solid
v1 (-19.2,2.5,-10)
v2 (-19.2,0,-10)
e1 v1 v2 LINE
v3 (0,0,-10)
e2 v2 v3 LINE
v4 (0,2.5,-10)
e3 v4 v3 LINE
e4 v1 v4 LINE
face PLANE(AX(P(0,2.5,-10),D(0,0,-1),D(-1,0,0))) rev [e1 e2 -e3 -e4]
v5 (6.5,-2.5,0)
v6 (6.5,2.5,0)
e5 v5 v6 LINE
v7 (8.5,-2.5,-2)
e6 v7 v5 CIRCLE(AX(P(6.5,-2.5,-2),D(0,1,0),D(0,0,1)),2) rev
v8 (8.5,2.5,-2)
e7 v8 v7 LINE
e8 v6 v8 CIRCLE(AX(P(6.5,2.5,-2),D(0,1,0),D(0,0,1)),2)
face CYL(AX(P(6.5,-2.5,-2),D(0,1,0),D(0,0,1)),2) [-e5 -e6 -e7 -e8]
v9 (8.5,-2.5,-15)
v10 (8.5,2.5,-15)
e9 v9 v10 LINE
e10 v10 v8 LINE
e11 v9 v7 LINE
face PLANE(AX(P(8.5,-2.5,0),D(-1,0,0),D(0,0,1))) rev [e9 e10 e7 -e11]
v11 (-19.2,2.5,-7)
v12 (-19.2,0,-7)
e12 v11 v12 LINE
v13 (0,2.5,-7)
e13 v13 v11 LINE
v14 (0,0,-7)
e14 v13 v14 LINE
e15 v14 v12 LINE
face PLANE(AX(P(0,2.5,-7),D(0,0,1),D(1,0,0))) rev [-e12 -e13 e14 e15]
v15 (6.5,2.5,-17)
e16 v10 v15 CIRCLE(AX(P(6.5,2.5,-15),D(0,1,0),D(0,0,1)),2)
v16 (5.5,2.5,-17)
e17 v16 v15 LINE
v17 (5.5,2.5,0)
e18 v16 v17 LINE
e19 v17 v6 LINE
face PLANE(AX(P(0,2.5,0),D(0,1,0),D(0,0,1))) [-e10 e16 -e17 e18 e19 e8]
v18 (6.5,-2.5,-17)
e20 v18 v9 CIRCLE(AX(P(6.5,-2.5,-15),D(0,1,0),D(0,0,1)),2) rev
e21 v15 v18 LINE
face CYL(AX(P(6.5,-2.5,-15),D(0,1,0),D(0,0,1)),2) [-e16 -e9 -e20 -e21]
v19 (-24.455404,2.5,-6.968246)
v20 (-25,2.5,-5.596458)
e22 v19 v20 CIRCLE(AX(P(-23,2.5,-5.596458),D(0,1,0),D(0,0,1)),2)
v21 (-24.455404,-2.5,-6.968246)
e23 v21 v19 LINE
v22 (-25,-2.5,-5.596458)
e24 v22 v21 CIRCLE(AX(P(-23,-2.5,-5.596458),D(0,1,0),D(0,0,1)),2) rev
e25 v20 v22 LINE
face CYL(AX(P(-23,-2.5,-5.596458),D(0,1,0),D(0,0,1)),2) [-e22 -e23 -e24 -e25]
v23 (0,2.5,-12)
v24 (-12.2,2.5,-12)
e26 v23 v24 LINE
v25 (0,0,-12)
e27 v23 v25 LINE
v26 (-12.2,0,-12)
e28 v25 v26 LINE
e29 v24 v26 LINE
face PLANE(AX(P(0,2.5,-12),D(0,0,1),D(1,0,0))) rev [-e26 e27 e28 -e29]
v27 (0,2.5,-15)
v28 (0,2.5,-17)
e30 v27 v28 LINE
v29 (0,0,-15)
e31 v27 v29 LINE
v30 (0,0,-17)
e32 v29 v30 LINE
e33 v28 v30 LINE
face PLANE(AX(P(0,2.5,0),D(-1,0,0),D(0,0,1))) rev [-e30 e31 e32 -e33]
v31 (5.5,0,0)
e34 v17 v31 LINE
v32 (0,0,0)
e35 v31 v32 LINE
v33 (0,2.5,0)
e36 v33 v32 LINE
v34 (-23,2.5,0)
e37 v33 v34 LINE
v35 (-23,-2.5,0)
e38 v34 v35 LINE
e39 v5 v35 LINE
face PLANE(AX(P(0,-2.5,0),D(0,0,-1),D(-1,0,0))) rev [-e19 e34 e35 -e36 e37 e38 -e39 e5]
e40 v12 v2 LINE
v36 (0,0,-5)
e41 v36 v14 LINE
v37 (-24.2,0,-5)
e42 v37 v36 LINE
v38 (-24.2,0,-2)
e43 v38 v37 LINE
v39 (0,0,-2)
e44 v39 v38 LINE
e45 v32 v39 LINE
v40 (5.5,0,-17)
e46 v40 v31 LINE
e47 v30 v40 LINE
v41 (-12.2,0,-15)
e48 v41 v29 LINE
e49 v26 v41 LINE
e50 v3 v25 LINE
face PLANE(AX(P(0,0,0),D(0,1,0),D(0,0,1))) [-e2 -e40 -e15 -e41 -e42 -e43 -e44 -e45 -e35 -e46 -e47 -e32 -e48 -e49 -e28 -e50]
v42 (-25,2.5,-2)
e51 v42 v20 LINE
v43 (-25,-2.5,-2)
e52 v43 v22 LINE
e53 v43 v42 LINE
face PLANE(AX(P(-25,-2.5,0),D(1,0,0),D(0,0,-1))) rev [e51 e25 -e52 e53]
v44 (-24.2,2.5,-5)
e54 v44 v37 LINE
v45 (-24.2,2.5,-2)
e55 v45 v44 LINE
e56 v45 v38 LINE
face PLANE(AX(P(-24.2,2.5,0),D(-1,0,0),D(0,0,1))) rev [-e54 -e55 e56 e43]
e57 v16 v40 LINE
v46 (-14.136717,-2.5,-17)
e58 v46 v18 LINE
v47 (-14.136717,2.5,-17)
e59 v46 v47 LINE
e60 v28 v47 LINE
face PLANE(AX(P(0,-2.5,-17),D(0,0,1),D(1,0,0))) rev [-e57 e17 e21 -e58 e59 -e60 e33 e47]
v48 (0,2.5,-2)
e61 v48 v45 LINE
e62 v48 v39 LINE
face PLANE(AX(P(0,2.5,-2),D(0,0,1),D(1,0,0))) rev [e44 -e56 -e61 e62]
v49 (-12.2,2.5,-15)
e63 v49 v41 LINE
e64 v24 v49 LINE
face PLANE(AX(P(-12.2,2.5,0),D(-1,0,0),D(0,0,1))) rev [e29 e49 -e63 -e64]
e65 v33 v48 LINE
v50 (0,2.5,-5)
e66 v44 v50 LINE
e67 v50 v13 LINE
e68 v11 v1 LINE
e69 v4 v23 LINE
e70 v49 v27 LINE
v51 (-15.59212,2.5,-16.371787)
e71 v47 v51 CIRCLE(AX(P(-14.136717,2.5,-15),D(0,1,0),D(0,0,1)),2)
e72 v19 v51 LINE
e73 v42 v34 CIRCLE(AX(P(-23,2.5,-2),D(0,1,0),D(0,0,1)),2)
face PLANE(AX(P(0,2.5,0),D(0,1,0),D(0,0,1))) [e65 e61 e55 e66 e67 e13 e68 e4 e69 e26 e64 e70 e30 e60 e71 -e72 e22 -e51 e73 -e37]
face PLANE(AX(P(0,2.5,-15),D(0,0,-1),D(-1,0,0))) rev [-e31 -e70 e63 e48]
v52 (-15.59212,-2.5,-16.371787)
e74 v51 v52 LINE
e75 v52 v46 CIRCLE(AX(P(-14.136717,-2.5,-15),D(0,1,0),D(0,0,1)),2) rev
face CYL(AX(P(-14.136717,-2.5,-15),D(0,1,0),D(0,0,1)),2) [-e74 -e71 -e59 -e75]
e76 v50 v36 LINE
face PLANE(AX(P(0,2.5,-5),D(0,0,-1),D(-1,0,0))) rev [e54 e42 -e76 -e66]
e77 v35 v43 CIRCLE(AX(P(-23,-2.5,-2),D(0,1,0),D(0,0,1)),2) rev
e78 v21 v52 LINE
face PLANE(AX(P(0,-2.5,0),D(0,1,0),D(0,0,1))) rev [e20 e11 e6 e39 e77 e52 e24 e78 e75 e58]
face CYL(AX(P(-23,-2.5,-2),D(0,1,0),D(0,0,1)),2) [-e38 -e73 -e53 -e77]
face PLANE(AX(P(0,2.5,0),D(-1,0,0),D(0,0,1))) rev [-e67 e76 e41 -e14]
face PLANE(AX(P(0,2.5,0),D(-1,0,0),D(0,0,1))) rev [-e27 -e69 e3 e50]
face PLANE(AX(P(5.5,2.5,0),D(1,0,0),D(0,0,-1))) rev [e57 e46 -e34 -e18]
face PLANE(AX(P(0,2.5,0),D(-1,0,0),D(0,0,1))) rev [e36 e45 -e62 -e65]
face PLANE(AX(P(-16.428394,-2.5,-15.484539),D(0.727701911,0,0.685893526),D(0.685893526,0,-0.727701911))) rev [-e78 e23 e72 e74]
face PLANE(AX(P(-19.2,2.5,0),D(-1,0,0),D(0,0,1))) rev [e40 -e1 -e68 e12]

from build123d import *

# Parameters (mm, degrees)
EXTRUDE_1_DEPTH = 2.5
SKETCH_1_3_W    = 3
SKETCH_1_3_H    = 17
EXTRUDE_2_DEPTH = 2.5
FILLET_1_R      = 2


with BuildPart() as part:
    # Эскиз1 → Бобышка-Вытянуть1 (new body)
    with BuildSketch(Plane(origin=(0, 0, 0), x_dir=(1, 0, 0), z_dir=(0, 1, 0))):
        Polygon((-25, 0), (8.5, 0), (8.5, 17), (-15, 17), (-25, 6.390453713), align=None)
    extrude(amount=-EXTRUDE_1_DEPTH)

    # Эскиз1<3> → Бобышка-Вытянуть2 (add)
    with BuildSketch(Plane(origin=(0, 0, 0), x_dir=(1, 0, 0), z_dir=(0, 1, 0))):
        Polygon((0, 15), (0, 17), (-15, 17), (-25, 6.390453713), (-25, 0), (0, 0), (0, 2), (-24.2, 2), (-24.2, 5), (0, 5), (0, 7), (-19.2, 7), (-19.2, 10), (0, 10), (0, 12), (-12.2, 12), (-12.2, 15), align=None)
        with Locations((7, 8.5)):
            Rectangle(SKETCH_1_3_W, SKETCH_1_3_H)
    extrude(amount=EXTRUDE_2_DEPTH)

    # Скругление1
    fillet_1_edges = [part.edges().sort_by_distance(p)[0] for p in [
        (8.5, 0, 0),
        (8.5, 0, -17),
        (-25, 0, 0),
        (-15, 0, -17),
        (-25, 0, -6.390453713),
    ]]
    fillet(fillet_1_edges, radius=FILLET_1_R)


solid = part.part
